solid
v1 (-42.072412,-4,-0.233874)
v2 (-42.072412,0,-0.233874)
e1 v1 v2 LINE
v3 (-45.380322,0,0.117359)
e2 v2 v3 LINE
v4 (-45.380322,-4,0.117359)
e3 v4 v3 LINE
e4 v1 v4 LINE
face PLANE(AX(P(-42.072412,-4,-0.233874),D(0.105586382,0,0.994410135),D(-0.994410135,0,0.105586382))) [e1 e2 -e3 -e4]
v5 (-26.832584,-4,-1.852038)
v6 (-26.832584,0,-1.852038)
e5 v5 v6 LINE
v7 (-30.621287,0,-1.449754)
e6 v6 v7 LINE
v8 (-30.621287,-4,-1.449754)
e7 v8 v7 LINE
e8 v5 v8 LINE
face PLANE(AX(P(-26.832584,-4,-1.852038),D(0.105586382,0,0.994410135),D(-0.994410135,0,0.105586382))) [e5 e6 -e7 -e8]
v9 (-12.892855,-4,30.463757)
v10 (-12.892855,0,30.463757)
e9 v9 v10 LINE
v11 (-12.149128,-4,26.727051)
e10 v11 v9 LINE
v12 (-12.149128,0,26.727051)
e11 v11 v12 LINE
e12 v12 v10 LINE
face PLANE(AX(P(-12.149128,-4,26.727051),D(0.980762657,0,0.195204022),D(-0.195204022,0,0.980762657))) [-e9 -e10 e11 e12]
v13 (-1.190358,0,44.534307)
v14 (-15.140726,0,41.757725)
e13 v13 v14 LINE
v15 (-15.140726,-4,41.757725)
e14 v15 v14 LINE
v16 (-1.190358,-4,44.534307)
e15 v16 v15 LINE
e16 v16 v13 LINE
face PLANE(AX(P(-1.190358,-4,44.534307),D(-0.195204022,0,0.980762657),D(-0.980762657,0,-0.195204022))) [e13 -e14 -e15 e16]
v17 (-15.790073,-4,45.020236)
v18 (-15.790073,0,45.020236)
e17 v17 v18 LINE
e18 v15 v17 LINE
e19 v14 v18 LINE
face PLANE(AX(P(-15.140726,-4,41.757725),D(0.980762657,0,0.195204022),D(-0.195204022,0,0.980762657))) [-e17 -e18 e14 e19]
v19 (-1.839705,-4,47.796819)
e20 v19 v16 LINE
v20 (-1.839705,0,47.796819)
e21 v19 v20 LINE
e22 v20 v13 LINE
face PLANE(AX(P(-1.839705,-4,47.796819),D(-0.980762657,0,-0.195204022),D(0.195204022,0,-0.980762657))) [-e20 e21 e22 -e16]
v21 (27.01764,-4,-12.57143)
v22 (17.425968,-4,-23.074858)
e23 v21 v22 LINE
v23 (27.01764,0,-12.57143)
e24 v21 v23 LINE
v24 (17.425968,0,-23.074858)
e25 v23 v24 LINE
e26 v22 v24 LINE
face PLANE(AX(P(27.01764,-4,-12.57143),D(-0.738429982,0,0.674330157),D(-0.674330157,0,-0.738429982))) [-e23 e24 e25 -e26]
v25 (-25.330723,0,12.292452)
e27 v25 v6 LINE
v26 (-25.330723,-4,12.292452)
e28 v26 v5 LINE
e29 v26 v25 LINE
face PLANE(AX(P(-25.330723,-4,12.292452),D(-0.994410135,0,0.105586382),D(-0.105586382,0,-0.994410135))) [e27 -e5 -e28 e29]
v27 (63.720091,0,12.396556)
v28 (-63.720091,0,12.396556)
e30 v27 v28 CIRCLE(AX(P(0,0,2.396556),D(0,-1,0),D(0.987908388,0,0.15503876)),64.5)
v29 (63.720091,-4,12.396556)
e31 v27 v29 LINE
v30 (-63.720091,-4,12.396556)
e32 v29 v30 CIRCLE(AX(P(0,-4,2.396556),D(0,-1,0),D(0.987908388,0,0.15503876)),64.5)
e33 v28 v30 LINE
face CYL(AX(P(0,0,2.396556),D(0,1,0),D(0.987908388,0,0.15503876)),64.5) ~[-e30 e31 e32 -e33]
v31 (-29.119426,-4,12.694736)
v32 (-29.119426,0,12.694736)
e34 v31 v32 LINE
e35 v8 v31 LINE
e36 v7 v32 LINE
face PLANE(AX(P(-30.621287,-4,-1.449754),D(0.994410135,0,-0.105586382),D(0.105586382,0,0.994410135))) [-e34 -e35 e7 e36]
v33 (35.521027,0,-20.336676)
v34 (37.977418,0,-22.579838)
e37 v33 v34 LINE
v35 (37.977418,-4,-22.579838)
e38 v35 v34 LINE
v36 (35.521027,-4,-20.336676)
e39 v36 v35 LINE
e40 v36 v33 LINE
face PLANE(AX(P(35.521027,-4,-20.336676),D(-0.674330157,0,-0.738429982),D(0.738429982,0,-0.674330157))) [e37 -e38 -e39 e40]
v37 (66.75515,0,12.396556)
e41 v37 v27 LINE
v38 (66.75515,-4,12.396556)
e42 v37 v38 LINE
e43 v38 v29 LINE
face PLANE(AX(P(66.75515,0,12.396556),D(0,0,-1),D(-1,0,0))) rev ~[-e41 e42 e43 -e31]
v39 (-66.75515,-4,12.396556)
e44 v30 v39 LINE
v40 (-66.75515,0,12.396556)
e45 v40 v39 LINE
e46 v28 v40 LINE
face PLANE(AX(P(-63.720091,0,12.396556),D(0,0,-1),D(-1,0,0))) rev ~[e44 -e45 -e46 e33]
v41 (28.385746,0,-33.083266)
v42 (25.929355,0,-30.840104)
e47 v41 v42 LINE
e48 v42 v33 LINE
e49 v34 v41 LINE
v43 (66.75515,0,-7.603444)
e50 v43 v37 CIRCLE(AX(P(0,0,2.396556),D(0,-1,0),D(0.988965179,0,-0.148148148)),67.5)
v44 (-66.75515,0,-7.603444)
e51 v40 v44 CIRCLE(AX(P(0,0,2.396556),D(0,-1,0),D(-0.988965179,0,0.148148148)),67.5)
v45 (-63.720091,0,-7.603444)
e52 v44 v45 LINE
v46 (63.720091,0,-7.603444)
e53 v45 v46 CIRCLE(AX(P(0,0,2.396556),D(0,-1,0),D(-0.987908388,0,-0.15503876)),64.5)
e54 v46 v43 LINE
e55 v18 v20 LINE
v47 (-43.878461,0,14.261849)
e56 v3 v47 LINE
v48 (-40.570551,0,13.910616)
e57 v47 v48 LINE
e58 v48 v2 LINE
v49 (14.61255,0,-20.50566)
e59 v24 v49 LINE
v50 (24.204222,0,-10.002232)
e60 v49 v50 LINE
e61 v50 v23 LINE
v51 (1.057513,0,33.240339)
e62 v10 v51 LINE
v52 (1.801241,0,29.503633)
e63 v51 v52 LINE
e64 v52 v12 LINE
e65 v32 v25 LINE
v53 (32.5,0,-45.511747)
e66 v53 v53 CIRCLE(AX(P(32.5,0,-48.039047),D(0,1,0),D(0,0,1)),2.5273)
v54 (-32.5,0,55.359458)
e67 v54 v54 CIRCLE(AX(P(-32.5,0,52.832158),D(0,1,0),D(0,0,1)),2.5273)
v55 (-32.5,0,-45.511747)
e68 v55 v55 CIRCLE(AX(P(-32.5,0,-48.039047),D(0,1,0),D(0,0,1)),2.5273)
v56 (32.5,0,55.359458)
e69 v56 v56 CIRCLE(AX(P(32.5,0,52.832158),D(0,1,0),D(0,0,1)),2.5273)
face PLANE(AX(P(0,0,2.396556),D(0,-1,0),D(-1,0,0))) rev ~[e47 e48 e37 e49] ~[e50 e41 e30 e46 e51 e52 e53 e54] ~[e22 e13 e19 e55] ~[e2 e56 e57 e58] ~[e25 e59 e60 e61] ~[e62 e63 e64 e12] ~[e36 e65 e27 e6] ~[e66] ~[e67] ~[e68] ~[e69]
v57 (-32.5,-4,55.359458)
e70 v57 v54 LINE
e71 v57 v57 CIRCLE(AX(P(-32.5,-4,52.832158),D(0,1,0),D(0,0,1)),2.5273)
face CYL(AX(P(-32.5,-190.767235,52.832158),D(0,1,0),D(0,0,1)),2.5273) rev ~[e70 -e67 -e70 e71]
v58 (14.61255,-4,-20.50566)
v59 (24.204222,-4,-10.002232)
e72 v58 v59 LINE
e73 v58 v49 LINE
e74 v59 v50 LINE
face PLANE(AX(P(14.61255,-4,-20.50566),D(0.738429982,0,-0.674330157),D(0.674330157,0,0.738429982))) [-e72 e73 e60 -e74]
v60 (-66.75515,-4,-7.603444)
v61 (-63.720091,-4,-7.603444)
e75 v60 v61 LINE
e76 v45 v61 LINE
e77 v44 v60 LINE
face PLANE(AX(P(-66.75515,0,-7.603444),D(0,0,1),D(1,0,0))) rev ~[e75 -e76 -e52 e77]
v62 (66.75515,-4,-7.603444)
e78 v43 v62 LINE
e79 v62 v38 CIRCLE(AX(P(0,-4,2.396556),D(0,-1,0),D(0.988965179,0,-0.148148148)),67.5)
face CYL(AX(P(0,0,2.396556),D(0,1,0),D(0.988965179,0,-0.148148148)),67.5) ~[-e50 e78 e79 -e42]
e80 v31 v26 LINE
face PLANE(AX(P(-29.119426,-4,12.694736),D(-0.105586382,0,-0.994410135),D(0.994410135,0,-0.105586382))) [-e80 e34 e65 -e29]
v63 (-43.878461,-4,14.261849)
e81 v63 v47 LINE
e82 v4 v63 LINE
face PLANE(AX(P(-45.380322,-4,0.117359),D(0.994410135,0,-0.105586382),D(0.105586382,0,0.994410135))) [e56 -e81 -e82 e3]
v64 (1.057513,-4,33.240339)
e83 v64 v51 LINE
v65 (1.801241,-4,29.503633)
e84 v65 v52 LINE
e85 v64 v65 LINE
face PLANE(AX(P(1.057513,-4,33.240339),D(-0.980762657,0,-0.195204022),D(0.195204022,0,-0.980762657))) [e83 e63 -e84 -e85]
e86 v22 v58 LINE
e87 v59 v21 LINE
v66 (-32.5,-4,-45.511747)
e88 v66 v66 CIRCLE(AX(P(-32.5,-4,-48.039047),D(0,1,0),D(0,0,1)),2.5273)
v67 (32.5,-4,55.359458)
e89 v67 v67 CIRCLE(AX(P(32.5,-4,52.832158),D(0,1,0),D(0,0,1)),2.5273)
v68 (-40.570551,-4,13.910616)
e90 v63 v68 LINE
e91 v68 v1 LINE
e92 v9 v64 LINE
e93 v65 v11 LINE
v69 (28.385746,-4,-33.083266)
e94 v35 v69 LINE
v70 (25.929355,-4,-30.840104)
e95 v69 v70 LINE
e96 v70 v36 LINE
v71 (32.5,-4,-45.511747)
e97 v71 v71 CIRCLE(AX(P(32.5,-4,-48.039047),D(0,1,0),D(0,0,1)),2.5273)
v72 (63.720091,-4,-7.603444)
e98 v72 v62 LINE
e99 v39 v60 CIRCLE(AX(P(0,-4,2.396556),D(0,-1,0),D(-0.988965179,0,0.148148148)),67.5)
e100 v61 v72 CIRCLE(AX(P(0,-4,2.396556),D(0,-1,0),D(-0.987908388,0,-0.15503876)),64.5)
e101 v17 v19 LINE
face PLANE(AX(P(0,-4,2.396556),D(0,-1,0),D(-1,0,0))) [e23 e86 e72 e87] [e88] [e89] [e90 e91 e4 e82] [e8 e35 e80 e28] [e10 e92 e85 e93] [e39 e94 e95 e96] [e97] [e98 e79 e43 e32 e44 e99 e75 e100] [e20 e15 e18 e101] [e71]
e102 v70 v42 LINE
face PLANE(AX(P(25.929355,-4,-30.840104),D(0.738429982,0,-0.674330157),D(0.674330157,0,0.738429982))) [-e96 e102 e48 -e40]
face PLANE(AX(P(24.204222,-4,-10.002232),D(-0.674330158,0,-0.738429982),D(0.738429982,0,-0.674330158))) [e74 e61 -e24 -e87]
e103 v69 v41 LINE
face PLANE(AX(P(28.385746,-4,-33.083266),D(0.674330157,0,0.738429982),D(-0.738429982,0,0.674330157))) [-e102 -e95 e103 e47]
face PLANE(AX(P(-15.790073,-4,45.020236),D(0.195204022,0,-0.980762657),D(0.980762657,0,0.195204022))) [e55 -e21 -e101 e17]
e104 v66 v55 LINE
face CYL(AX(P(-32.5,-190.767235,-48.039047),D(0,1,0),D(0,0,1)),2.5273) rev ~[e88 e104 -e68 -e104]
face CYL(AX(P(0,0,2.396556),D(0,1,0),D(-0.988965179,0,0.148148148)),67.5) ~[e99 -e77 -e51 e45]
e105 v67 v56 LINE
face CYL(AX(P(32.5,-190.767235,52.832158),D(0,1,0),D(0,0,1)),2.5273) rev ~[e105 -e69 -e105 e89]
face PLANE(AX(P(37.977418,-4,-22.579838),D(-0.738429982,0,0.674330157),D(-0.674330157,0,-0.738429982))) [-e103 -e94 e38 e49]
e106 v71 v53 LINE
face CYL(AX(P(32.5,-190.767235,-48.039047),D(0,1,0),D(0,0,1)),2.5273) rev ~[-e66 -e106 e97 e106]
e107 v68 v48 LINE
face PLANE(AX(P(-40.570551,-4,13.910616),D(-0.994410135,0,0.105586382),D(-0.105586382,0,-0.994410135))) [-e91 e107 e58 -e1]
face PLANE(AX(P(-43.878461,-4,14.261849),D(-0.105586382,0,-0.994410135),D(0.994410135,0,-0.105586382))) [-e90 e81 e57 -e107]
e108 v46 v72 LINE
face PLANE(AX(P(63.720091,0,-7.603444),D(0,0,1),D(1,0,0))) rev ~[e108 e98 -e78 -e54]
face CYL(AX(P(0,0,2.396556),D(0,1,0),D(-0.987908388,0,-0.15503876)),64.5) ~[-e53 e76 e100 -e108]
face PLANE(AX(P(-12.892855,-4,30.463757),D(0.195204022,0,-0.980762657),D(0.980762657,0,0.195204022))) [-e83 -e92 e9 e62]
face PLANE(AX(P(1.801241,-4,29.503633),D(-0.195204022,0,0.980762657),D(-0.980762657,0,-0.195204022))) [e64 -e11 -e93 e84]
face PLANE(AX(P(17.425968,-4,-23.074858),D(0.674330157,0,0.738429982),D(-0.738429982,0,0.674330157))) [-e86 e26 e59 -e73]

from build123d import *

# Parameters (mm, degrees)
BOSS_EXTRUDE1_DEPTH        = 4
F_8_0_199_DIAMETER_HOLE6_D = 5.0546
CUT_EXTRUDE1_DEPTH         = 4


with BuildPart() as part:
    # Sketch1 → Boss-Extrude1 (new body)
    with BuildSketch(Plane(origin=(0, 0, 0), x_dir=(1, 0, 0), z_dir=(0, 1, 0))):
        with BuildLine():
            Line((-63.720091023, -12.396555886), (-66.755149614, -12.396555886))
            ThreePointArc((-66.755149614, -12.396555886), (-67.5, -2.396555886), (-66.755149614, 7.603444114))
            Line((-66.755149614, 7.603444114), (-63.720091023, 7.603444114))
            ThreePointArc((-63.720091023, 7.603444114), (0, 62.103444114), (63.720091023, 7.603444114))
            Line((63.720091023, 7.603444114), (66.755149614, 7.603444114))
            ThreePointArc((66.755149614, 7.603444114), (67.5, -2.396555886), (66.755149614, -12.396555886))
            Line((66.755149614, -12.396555886), (63.720091023, -12.396555886))
            ThreePointArc((63.720091023, -12.396555886), (0, -66.896555886), (-63.720091023, -12.396555886))
        make_face()
    extrude(amount=-BOSS_EXTRUDE1_DEPTH)

    # #8 (0.199) Diameter Hole6 (through all)
    with Locations(Plane(origin=(-32.5, -4, 52.832158391), x_dir=(0, 0, -1), z_dir=(0, -1, 0))):
        with Locations((0, 0), (0, 65), (100.871205009, 65), (100.871205009, 0)):
            Hole(F_8_0_199_DIAMETER_HOLE6_D / 2)

    # Sketch4 → Cut-Extrude1 (cut)
    with BuildSketch(Plane.XZ.offset(4)):
        Polygon((17.425968137, -23.074858179), (14.612549904, -20.505660279), (24.204222064, -10.002232211), (27.017640296, -12.571430111), align=None)
        Polygon((28.385745934, -33.083266376), (25.92935527, -30.840104068), (35.52102743, -20.336676), (37.977418094, -22.579838308), align=None)
        Polygon((-26.832584157, -1.852037702), (-30.62128677, -1.449753587), (-29.119426074, 12.694736168), (-25.330723461, 12.292452053), align=None)
        Polygon((-42.072412194, -0.233874083), (-45.380321989, 0.117359492), (-43.878461293, 14.261849248), (-40.570551498, 13.910615673), align=None)
        Polygon((1.801240517, 29.503633423), (-12.149127519, 26.727051412), (-12.892854843, 30.463757136), (1.057513193, 33.240339147), align=None)
        Polygon((-1.190357845, 44.534307106), (-15.14072588, 41.757725095), (-15.79007294, 45.020236494), (-1.839704904, 47.796818505), align=None)
    extrude(amount=-CUT_EXTRUDE1_DEPTH, mode=Mode.SUBTRACT)


solid = part.part
